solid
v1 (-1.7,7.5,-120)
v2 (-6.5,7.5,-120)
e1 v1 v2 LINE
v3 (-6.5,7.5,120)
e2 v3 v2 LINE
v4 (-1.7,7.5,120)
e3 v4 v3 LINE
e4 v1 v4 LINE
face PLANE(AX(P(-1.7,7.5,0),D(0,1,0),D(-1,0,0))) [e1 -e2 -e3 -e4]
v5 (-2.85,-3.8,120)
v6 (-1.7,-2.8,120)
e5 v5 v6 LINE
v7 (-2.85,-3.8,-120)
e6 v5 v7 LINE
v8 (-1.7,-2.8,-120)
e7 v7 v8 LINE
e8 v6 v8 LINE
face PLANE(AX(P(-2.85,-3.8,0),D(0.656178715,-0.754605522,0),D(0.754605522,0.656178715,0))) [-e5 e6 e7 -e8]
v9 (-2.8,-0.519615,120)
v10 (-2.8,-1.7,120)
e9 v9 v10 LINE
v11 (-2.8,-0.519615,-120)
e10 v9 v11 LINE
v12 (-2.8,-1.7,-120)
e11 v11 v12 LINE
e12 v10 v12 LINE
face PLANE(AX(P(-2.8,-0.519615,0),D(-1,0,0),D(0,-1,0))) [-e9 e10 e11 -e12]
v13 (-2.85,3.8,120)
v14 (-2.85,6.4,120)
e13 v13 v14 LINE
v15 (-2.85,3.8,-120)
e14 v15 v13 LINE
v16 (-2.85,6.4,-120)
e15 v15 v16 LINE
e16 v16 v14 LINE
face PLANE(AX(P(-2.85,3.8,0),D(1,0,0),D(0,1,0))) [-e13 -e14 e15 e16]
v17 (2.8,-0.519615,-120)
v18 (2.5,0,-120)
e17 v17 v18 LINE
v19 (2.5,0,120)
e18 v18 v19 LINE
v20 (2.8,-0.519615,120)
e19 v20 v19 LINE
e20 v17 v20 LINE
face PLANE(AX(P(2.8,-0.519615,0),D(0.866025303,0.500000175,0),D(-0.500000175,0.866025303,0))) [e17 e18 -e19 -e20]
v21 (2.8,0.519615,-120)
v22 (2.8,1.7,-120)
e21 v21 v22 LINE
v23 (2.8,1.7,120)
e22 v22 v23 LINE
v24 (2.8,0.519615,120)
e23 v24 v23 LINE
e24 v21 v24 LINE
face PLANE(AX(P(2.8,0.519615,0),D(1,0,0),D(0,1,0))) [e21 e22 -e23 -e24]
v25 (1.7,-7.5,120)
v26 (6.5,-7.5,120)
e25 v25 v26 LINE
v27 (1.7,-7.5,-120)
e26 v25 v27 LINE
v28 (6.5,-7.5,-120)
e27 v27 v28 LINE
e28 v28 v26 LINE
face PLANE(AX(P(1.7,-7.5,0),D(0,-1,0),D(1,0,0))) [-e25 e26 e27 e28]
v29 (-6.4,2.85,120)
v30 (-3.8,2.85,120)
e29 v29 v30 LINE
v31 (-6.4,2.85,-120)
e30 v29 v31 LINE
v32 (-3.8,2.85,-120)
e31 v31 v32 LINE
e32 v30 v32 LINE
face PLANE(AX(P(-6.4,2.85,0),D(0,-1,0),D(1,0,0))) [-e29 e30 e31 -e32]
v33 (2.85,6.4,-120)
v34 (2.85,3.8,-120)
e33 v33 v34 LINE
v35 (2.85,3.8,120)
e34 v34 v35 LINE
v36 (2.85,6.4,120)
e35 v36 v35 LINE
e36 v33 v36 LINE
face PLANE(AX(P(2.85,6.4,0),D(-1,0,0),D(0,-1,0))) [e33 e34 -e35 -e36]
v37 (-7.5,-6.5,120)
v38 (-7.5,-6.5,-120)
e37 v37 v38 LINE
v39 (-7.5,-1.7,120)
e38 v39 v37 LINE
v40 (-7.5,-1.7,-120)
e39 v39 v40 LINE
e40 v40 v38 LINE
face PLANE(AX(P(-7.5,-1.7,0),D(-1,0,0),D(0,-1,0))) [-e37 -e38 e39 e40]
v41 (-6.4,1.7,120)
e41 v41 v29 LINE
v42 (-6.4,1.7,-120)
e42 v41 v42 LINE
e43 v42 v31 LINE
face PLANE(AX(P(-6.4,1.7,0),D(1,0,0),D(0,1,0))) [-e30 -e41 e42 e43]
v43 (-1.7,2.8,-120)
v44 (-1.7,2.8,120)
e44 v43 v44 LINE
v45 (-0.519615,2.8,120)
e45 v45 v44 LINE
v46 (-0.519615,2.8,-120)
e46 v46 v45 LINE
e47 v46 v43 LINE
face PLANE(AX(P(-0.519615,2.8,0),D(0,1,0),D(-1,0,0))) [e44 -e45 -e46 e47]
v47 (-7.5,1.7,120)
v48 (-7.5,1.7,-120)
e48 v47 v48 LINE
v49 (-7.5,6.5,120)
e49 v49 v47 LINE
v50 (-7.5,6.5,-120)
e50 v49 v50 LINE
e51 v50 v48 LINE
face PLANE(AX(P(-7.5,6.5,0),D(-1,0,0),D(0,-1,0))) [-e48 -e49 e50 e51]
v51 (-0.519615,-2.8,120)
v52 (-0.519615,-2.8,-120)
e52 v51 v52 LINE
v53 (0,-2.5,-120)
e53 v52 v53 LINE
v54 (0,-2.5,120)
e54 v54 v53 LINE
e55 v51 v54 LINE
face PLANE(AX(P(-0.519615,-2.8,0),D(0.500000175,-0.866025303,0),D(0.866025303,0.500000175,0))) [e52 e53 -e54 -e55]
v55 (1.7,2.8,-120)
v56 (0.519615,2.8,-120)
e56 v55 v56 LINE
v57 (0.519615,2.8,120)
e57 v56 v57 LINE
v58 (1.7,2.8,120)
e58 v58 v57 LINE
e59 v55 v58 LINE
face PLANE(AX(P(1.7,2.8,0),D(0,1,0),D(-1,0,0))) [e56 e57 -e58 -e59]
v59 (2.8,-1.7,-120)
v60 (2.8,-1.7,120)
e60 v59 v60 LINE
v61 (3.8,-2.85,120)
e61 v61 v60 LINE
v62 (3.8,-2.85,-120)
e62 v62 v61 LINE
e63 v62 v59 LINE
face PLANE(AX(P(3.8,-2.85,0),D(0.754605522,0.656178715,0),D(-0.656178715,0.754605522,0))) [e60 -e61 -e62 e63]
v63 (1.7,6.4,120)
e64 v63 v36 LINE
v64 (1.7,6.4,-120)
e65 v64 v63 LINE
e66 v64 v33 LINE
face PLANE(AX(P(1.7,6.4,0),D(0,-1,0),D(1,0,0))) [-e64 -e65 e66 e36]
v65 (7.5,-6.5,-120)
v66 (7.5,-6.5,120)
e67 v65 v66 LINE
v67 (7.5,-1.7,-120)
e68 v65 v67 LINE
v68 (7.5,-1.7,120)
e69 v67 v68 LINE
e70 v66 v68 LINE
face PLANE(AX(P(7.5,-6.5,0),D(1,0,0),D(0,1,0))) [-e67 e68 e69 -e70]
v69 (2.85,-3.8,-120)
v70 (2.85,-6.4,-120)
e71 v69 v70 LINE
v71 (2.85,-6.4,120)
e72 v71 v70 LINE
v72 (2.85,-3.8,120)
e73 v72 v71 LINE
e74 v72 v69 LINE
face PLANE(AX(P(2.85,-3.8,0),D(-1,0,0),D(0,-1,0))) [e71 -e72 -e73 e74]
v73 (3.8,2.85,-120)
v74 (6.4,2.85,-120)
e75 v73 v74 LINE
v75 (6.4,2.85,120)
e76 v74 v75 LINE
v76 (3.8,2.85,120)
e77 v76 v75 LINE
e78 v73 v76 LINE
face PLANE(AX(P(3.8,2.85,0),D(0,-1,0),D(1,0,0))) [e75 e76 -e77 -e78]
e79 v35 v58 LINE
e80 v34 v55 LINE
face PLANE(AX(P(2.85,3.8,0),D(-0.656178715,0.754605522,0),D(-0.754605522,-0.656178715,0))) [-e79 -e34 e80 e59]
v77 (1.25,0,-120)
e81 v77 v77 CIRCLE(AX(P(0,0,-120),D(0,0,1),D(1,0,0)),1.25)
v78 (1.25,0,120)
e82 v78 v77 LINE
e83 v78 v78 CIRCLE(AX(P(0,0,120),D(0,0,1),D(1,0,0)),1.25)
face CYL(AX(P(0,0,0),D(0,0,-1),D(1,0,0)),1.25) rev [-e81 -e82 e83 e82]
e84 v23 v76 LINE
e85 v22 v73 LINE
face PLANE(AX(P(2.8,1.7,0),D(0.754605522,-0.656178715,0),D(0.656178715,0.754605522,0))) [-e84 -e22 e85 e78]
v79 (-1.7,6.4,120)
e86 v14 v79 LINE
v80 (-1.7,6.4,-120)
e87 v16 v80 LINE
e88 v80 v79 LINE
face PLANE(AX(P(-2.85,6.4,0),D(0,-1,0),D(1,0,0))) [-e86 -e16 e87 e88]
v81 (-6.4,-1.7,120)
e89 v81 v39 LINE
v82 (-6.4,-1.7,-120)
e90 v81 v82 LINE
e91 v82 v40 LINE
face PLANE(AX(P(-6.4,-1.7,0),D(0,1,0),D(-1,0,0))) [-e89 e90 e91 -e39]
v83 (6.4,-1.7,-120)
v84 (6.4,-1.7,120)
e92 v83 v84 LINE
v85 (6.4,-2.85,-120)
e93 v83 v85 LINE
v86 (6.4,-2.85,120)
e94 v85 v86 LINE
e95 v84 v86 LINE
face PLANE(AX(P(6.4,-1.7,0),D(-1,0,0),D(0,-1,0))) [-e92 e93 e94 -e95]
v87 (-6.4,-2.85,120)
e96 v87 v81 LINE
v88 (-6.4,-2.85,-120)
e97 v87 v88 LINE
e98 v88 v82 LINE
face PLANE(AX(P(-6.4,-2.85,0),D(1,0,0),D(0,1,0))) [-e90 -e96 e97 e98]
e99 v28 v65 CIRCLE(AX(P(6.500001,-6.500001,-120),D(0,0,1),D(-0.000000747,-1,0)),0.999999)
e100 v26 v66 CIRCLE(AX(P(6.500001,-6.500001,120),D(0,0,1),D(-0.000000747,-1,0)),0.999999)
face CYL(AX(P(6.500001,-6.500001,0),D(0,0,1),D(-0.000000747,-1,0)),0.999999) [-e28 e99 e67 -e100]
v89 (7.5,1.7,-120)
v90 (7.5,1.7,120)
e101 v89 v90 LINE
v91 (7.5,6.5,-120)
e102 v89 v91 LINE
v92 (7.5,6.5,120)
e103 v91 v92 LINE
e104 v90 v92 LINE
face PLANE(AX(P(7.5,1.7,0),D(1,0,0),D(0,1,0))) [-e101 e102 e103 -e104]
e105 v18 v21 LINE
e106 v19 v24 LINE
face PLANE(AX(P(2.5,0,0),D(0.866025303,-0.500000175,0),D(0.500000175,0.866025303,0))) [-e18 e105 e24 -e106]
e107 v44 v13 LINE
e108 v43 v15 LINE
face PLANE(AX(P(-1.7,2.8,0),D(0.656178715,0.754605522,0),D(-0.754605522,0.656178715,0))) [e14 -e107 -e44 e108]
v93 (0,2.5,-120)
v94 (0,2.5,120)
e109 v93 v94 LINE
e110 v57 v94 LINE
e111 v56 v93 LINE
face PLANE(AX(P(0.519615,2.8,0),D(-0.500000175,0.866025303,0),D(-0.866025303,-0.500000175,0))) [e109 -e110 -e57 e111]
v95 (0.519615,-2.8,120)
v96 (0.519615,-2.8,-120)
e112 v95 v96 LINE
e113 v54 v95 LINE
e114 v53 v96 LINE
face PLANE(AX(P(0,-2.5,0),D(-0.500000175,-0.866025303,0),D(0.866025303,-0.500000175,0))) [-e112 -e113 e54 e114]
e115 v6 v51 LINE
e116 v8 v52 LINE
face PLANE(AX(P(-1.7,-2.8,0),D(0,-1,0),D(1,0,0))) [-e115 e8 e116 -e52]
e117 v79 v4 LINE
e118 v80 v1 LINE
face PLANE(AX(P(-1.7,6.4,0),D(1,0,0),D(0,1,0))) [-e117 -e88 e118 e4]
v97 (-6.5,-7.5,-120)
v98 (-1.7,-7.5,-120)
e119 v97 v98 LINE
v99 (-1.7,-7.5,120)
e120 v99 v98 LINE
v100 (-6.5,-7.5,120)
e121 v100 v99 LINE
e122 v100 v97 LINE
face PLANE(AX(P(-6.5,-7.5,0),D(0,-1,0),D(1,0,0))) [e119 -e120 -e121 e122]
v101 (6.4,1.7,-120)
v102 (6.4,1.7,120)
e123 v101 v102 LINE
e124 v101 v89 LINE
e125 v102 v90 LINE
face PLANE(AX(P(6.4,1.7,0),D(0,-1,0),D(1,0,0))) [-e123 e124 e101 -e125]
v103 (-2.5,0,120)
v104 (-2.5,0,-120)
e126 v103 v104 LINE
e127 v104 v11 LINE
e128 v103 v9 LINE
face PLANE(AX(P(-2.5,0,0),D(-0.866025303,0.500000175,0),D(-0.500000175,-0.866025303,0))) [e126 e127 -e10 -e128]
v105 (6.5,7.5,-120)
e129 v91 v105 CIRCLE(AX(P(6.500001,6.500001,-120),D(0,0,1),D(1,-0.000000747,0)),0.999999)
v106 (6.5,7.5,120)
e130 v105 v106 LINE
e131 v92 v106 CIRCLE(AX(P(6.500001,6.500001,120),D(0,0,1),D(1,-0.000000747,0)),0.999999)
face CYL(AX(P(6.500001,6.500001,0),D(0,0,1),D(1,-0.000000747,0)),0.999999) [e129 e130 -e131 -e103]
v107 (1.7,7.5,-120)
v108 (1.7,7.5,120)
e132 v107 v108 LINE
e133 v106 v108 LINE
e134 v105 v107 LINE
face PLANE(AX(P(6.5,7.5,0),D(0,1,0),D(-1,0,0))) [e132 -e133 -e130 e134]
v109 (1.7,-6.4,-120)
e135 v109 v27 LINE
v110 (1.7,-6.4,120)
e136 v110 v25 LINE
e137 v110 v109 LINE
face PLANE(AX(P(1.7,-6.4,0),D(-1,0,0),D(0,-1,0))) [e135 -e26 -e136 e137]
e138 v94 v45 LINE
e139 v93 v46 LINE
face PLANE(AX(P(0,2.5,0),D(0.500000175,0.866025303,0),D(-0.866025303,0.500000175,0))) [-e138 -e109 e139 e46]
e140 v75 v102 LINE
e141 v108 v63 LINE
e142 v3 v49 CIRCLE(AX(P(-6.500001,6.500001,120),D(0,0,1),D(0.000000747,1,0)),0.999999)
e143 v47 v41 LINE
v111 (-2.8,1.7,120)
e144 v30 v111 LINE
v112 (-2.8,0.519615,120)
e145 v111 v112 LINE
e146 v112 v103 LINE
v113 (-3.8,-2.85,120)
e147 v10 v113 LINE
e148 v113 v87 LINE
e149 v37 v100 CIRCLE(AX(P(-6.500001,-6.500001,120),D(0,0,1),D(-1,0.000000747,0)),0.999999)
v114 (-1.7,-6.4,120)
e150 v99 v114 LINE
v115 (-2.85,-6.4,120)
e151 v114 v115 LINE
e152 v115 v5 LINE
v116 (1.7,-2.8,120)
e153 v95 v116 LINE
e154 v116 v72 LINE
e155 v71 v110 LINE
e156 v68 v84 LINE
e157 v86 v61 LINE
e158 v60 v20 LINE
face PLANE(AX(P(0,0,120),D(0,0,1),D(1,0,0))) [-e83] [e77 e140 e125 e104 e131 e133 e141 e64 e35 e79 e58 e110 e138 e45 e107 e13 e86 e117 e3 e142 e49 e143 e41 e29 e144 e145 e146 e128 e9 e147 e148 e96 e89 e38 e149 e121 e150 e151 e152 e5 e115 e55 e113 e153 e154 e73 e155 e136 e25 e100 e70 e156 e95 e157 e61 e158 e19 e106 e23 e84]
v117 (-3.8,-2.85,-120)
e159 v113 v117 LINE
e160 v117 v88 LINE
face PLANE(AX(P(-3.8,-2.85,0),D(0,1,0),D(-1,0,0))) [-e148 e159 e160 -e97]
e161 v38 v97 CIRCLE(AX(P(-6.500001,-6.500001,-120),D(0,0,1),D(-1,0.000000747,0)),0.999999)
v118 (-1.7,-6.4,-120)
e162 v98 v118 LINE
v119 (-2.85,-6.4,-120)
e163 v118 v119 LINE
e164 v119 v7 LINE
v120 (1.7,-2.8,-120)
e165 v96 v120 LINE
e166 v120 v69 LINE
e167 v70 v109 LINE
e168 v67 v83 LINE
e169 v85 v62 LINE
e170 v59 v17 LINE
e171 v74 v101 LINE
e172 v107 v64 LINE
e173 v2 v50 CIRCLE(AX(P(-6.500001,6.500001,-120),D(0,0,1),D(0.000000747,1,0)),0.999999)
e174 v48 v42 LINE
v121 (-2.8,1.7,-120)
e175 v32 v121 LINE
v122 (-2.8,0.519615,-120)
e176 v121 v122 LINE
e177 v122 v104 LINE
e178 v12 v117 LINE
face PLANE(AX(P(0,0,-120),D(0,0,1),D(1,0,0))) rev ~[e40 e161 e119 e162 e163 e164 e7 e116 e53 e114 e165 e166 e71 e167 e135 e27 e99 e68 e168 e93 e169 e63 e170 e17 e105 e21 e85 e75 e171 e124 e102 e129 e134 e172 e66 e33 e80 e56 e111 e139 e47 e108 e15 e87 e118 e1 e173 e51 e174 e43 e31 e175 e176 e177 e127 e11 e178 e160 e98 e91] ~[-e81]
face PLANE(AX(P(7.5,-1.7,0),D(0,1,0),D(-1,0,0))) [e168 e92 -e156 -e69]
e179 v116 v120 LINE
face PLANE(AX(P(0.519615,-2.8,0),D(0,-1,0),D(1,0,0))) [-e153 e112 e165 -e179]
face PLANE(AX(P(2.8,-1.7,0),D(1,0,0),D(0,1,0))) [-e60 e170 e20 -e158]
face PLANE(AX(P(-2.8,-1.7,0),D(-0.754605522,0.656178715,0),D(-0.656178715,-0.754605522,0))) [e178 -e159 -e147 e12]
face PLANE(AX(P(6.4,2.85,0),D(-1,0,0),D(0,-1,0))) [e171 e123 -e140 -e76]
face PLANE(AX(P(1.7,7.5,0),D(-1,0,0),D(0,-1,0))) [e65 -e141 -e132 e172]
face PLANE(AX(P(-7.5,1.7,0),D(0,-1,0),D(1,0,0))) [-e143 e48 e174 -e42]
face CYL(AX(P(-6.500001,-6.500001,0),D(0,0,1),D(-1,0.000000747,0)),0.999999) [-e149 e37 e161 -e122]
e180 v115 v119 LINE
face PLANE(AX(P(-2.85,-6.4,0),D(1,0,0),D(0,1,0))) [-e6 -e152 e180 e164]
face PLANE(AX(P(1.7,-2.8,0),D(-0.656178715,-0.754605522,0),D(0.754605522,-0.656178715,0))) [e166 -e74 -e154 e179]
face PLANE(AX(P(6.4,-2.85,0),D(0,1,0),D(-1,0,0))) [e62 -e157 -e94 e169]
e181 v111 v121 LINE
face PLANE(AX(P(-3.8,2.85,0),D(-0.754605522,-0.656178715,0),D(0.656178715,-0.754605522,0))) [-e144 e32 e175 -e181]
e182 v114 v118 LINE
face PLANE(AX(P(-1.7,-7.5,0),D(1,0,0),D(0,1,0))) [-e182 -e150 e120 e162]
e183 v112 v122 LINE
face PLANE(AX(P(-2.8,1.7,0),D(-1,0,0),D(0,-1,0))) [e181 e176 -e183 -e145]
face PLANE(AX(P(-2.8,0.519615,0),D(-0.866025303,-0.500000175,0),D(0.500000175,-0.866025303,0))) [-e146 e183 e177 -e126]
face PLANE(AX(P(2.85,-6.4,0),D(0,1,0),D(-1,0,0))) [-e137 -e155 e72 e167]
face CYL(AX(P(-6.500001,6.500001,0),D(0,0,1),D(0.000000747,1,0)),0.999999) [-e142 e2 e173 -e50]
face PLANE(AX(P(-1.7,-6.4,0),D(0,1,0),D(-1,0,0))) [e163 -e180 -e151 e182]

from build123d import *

# Parameters (mm, degrees)
F0_R     = 1.25
F1_DEPTH = 120


with BuildPart() as f1:
    # F0 (on Top) → F1 (new body, symmetric)
    with BuildSketch(Plane.XY):
        with BuildLine():
            Line((1.7, -7.5), (6.5, -7.5))
            ThreePointArc((6.5, -7.5), (7.207107, -7.207107), (7.5, -6.5))
            Line((7.5, -6.5), (7.5, -1.7))
            Line((7.5, -1.7), (6.4, -1.7))
            Line((6.4, -1.7), (6.4, -2.85))
            Line((6.4, -2.85), (3.8, -2.85))
            Line((3.8, -2.85), (2.8, -1.7))
            Line((2.8, -1.7), (2.8, -0.519615))
            Line((2.8, -0.519615), (2.5, 0))
            Line((2.5, 0), (2.8, 0.519615))
            Line((2.8, 0.519615), (2.8, 1.7))
            Line((2.8, 1.7), (3.8, 2.85))
            Line((3.8, 2.85), (6.4, 2.85))
            Line((6.4, 2.85), (6.4, 1.7))
            Line((6.4, 1.7), (7.5, 1.7))
            Line((7.5, 1.7), (7.5, 6.5))
            ThreePointArc((7.5, 6.5), (7.207107, 7.207107), (6.5, 7.5))
            Line((6.5, 7.5), (1.7, 7.5))
            Line((1.7, 7.5), (1.7, 6.4))
            Line((1.7, 6.4), (2.85, 6.4))
            Line((2.85, 6.4), (2.85, 3.8))
            Line((2.85, 3.8), (1.7, 2.8))
            Line((1.7, 2.8), (0.519615, 2.8))
            Line((0.519615, 2.8), (0, 2.5))
            Line((0, 2.5), (-0.519615, 2.8))
            Line((-0.519615, 2.8), (-1.7, 2.8))
            Line((-1.7, 2.8), (-2.85, 3.8))
            Line((-2.85, 3.8), (-2.85, 6.4))
            Line((-2.85, 6.4), (-1.7, 6.4))
            Line((-1.7, 6.4), (-1.7, 7.5))
            Line((-1.7, 7.5), (-6.5, 7.5))
            ThreePointArc((-6.5, 7.5), (-7.207107, 7.207107), (-7.5, 6.5))
            Line((-7.5, 6.5), (-7.5, 1.7))
            Line((-7.5, 1.7), (-6.4, 1.7))
            Line((-6.4, 1.7), (-6.4, 2.85))
            Line((-6.4, 2.85), (-3.8, 2.85))
            Line((-3.8, 2.85), (-2.8, 1.7))
            Line((-2.8, 1.7), (-2.8, 0.519615))
            Line((-2.8, 0.519615), (-2.5, 0))
            Line((-2.5, 0), (-2.8, -0.519615))
            Line((-2.8, -0.519615), (-2.8, -1.7))
            Line((-2.8, -1.7), (-3.8, -2.85))
            Line((-3.8, -2.85), (-6.4, -2.85))
            Line((-6.4, -2.85), (-6.4, -1.7))
            Line((-6.4, -1.7), (-7.5, -1.7))
            Line((-7.5, -1.7), (-7.5, -6.5))
            ThreePointArc((-7.5, -6.5), (-7.207107, -7.207107), (-6.5, -7.5))
            Line((-6.5, -7.5), (-1.7, -7.5))
            Line((-1.7, -7.5), (-1.7, -6.4))
            Line((-1.7, -6.4), (-2.85, -6.4))
            Line((-2.85, -6.4), (-2.85, -3.8))
            Line((-2.85, -3.8), (-1.7, -2.8))
            Line((-1.7, -2.8), (-0.519615, -2.8))
            Line((-0.519615, -2.8), (0, -2.5))
            Line((0, -2.5), (0.519615, -2.8))
            Line((0.519615, -2.8), (1.7, -2.8))
            Line((1.7, -2.8), (2.85, -3.8))
            Line((2.85, -3.8), (2.85, -6.4))
            Line((2.85, -6.4), (1.7, -6.4))
            Line((1.7, -6.4), (1.7, -7.5))
        make_face()
        Circle(F0_R, mode=Mode.SUBTRACT)
    extrude(amount=F1_DEPTH, both=True)


solid = f1.part
